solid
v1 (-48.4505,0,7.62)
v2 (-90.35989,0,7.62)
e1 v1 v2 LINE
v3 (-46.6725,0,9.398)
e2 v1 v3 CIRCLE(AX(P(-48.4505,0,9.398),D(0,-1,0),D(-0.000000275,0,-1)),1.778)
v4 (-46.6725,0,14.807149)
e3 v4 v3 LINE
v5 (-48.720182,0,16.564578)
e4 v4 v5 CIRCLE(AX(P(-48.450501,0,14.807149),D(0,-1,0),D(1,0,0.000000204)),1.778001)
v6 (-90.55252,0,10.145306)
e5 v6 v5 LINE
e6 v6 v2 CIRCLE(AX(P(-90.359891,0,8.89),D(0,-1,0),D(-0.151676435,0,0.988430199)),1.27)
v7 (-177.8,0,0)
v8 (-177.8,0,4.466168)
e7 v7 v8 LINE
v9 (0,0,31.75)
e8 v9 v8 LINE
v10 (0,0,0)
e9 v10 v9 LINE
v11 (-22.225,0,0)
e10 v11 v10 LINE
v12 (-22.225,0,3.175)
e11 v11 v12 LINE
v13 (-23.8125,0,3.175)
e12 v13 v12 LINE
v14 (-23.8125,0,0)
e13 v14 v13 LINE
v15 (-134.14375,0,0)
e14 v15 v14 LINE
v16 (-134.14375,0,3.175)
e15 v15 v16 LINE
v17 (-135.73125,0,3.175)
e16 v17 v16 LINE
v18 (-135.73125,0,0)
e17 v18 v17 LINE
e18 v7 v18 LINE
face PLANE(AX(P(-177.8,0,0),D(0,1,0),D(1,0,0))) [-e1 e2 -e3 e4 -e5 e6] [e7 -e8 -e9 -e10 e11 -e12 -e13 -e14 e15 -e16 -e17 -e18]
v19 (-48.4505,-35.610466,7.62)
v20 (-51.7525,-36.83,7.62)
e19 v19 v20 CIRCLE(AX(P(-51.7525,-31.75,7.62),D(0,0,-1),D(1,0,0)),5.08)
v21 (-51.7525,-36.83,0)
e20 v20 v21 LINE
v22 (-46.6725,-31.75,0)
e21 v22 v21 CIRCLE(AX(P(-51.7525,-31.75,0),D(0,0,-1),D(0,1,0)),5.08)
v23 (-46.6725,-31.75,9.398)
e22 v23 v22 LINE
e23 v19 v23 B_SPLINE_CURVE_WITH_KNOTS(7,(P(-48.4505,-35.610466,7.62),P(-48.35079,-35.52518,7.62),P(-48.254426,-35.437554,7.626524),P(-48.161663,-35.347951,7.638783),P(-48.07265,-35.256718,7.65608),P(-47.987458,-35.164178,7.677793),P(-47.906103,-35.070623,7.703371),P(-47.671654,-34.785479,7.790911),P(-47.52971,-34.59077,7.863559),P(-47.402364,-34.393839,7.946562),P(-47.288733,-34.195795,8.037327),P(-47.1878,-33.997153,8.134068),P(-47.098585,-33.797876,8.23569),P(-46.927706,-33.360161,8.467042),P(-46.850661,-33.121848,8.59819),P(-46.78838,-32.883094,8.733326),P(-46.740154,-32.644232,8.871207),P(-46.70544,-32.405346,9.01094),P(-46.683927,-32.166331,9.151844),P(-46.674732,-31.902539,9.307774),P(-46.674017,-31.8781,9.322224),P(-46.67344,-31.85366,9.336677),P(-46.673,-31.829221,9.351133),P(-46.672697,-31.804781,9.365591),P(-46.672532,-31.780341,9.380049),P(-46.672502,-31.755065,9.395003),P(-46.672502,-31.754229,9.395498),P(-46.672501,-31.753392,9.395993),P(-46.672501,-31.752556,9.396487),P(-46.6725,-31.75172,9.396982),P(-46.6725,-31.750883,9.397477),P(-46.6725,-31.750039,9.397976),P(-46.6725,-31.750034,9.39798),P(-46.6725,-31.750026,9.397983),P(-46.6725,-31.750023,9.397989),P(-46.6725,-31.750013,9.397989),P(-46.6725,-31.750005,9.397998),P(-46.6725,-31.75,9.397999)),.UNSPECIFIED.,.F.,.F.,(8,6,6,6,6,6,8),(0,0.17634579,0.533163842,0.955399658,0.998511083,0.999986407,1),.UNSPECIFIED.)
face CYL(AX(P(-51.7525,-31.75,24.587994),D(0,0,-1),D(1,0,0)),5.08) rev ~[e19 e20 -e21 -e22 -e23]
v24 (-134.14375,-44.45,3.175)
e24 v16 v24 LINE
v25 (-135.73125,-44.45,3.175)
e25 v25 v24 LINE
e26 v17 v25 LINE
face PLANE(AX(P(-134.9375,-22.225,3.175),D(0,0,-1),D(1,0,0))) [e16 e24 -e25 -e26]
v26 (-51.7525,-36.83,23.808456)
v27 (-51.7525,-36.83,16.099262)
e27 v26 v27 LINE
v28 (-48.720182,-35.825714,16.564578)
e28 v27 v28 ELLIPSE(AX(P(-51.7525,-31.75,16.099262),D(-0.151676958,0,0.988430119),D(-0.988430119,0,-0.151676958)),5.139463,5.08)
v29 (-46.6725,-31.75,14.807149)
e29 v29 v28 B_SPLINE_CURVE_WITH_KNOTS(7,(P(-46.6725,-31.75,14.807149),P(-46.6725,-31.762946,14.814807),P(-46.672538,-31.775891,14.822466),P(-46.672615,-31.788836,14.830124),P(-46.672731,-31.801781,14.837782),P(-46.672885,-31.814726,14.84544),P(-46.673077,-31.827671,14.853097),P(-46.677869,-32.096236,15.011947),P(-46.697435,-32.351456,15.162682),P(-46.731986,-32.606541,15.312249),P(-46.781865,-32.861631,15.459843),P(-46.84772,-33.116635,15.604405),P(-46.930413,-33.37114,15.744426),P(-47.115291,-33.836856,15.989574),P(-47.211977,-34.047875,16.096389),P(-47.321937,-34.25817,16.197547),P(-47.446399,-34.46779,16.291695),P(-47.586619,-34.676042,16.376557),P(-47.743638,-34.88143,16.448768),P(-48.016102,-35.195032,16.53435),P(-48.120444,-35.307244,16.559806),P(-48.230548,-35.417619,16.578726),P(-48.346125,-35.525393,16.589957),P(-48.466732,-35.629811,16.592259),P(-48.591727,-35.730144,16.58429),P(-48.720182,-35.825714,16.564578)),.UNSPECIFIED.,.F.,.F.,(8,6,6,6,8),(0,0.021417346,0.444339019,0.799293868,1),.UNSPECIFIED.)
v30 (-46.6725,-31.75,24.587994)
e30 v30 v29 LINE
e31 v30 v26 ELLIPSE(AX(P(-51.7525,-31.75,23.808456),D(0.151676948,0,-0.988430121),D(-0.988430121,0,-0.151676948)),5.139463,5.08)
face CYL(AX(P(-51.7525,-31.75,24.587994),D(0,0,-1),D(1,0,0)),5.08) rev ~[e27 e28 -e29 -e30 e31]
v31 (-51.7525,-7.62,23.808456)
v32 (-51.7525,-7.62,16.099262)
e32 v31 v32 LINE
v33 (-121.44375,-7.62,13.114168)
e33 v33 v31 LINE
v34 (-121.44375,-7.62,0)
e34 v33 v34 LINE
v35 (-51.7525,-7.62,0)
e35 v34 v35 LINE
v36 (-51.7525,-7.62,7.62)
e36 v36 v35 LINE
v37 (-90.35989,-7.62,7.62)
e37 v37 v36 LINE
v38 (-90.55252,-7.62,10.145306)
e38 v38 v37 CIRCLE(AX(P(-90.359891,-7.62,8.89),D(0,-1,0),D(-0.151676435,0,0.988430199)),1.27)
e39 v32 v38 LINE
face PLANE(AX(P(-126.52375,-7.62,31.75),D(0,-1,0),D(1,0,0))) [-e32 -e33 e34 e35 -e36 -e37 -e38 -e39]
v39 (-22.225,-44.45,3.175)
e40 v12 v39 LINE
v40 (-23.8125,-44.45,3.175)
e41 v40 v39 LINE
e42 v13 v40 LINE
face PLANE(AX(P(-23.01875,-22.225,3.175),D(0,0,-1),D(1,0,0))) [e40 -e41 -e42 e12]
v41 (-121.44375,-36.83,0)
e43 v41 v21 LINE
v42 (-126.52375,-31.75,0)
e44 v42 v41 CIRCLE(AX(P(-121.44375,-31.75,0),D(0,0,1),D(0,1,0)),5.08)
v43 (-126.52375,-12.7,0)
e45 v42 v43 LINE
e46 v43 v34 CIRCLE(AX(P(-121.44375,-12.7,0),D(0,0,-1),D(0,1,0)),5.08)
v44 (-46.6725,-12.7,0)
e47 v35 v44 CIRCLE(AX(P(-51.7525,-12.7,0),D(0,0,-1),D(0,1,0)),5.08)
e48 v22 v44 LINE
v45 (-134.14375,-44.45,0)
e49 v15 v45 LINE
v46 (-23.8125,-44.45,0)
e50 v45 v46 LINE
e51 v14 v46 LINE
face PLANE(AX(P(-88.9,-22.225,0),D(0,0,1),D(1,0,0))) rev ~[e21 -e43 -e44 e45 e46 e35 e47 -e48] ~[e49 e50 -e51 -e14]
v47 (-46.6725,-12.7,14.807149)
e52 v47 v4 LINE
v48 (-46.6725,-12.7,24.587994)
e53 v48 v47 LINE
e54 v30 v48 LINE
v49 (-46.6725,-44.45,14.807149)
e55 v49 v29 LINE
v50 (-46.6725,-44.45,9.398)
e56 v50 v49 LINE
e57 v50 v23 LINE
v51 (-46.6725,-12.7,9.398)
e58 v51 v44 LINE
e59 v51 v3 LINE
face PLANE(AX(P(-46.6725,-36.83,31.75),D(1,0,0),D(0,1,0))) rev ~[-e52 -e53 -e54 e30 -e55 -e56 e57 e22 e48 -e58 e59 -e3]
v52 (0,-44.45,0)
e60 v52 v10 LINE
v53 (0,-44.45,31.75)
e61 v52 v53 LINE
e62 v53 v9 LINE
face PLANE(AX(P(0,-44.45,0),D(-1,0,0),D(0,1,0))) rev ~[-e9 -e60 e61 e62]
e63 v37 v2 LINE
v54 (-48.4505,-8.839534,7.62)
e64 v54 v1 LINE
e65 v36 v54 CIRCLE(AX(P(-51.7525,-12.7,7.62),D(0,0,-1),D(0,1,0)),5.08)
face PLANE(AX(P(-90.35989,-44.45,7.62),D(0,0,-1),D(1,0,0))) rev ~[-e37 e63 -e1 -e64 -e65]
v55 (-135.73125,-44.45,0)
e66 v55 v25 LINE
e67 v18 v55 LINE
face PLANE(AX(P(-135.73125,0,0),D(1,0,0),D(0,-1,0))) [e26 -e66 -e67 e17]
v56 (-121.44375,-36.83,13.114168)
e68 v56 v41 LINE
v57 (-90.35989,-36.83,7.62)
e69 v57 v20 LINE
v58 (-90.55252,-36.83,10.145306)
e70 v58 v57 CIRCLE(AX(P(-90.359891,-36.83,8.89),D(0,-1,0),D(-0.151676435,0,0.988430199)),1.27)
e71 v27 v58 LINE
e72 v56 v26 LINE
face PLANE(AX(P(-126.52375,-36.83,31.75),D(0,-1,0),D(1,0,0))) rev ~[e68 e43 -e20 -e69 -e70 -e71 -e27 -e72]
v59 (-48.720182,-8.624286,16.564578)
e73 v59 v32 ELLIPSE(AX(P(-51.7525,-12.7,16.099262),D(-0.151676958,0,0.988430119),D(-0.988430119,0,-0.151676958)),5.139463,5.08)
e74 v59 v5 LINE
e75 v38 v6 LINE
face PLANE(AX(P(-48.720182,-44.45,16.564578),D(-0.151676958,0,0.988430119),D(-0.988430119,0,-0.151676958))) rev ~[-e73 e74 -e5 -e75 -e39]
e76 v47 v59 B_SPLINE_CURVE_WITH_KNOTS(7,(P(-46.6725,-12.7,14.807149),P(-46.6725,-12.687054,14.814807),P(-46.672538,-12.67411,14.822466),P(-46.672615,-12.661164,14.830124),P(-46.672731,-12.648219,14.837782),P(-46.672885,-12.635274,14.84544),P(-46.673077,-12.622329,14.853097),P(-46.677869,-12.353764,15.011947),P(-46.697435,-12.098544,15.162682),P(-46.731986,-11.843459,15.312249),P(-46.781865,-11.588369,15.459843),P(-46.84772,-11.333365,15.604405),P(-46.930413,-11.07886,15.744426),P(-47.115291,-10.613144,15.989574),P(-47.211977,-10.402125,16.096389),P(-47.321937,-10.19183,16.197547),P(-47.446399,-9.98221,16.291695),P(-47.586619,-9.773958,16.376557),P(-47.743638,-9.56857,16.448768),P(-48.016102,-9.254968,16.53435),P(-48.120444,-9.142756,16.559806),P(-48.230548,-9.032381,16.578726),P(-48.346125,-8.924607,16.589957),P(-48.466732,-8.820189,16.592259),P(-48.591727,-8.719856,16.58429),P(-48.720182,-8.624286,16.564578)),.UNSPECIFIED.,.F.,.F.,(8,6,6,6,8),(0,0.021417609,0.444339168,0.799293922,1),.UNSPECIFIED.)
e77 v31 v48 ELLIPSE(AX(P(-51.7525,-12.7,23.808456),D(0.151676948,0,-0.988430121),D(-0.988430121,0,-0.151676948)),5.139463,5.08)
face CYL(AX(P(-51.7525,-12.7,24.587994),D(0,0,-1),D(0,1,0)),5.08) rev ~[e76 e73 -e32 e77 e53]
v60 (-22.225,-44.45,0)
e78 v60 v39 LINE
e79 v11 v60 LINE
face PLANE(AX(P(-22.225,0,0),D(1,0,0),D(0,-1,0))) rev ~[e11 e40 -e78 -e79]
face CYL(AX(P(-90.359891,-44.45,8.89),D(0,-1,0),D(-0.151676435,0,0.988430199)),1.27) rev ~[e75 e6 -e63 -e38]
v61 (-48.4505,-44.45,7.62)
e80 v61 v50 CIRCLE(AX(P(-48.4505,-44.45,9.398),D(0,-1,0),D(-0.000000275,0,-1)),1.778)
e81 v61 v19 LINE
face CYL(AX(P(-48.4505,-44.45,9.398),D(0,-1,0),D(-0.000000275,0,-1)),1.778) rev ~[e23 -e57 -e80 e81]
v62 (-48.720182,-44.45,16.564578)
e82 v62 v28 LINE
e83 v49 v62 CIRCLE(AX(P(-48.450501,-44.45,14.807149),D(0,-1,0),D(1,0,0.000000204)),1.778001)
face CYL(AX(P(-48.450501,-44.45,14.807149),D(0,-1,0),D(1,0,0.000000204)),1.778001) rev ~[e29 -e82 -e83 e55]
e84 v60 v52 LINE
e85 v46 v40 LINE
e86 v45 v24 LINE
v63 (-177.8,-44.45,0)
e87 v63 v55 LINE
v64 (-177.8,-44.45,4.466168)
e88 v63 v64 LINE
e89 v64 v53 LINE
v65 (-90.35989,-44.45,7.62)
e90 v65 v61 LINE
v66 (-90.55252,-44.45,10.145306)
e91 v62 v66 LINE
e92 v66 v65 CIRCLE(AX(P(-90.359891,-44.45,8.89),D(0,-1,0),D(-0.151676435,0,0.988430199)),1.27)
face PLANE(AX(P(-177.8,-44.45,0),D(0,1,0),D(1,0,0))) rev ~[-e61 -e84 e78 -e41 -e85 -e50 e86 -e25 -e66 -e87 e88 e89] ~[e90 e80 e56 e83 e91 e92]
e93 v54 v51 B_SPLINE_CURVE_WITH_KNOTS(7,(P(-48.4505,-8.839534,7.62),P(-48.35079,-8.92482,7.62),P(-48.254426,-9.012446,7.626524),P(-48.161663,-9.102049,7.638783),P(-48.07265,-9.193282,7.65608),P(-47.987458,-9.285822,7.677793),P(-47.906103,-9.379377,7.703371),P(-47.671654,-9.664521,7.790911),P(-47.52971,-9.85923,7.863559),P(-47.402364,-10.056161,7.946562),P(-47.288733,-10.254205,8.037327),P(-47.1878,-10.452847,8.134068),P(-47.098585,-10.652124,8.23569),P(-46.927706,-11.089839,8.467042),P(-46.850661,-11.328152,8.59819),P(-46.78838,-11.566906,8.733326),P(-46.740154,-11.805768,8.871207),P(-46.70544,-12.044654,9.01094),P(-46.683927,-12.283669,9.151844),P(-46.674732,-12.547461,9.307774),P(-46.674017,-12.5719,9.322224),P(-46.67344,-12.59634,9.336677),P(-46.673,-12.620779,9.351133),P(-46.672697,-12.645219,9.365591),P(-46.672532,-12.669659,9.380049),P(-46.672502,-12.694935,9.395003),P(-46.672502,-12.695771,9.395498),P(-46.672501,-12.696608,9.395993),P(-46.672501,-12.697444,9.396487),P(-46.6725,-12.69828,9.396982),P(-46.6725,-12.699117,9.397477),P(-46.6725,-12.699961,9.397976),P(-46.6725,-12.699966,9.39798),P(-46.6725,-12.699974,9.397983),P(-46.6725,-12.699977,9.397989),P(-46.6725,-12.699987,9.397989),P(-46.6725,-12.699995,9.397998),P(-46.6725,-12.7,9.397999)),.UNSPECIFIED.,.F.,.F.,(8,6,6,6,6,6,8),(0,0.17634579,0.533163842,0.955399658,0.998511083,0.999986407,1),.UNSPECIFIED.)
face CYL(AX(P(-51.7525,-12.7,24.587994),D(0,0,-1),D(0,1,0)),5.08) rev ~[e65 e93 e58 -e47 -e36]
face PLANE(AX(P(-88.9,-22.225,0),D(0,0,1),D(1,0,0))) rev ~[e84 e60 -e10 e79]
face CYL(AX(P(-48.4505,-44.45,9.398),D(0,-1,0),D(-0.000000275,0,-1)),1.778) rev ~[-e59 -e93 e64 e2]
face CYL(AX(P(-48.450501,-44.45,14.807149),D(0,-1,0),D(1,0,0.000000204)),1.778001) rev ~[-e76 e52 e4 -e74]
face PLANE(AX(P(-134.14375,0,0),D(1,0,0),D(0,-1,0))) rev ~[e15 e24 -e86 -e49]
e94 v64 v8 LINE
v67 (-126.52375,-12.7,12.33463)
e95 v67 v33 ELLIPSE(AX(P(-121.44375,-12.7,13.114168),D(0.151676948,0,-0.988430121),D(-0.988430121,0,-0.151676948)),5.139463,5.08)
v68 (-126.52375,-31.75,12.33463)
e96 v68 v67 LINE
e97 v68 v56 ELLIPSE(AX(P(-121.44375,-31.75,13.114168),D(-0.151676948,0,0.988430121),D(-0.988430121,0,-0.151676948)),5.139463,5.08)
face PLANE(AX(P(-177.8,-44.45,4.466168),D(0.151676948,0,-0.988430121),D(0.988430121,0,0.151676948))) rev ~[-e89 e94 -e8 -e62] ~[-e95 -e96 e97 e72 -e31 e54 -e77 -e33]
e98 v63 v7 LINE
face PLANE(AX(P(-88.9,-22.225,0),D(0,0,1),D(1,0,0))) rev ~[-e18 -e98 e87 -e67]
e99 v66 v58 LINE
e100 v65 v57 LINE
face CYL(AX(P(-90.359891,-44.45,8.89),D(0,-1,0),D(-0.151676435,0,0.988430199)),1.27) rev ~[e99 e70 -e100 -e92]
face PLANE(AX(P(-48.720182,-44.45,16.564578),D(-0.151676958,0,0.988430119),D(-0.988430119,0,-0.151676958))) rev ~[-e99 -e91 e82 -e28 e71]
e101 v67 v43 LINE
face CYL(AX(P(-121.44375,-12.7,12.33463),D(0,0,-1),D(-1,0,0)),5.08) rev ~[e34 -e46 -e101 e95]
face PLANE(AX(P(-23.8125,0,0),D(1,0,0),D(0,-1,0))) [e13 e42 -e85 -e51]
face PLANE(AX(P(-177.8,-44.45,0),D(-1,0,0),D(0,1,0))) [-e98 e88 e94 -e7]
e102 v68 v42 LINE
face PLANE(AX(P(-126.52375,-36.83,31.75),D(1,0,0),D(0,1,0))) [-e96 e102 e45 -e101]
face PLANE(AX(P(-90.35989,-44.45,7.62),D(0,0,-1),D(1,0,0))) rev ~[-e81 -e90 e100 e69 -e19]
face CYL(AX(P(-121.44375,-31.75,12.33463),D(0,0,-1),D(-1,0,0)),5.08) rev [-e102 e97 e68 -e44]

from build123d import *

# Parameters (mm, degrees)
F0_W      = 177.8
F0_H      = 44.45
F1_DEPTH  = 31.75
F2_W      = 1.5875
F2_H      = 44.45
F3_DEPTH  = 3.175
F4_W      = 79.85125
F4_H      = 29.21
F5_DEPTH  = 31.751
F7_DEPTH  = 44.451
F8_R      = 5.08
F10_DEPTH = 44.451


with BuildPart() as f1:
    # F0 (on Top) → F1 (new body)
    with BuildSketch(Plane.XY):
        with Locations((-88.9, -22.225)):
            Rectangle(F0_W, F0_H)
    extrude(amount=F1_DEPTH)

    # F2 (on face) → F3 (cut)
    with BuildSketch(Plane(origin=(0, 0, 0), x_dir=(1, 0, 0), z_dir=(0, 0, -1))):
        with Locations((-23.01875, 22.225)):
            Rectangle(F2_W, F2_H)
        with Locations((-134.9375, 22.225)):
            Rectangle(F2_W, F2_H)
    extrude(amount=-F3_DEPTH, mode=Mode.SUBTRACT)

    # F4 (on face) → F5 (cut, through all)
    with BuildSketch(Plane.XY.offset(31.75)):
        with Locations((-86.598125, -22.225)):
            Rectangle(F4_W, F4_H)
    extrude(amount=-F5_DEPTH, mode=Mode.SUBTRACT)

    # F6 (on face) → F7 (cut, through all)
    with BuildSketch(Plane.XZ.offset(44.45)):
        Polygon((-177.8, 31.75), (-177.8, 4.466168), (0, 31.75), align=None)
    extrude(amount=-F7_DEPTH, mode=Mode.SUBTRACT)

    # F8
    f8_edges = [f1.edges().sort_by_distance(p)[0] for p in [
        (-126.52375, -7.62, 6.167315),
        (-46.6725, -7.62, 12.293997),
        (-126.52375, -36.83, 6.167315),
        (-46.6725, -36.83, 12.293997),
    ]]
    fillet(f8_edges, radius=F8_R)

    # F9 (on face) → F10 (cut, through all)
    with BuildSketch(Plane.XZ.offset(44.45)):
        with BuildLine():
            Line((-48.720182, 16.564578), (-90.55252, 10.145306))
            ThreePointArc((-90.55252, 10.145306), (-91.626212, 8.793405), (-90.35989, 7.62))
            Line((-90.35989, 7.62), (-48.4505, 7.62))
            ThreePointArc((-48.4505, 7.62), (-47.193264, 8.140764), (-46.6725, 9.398))
            Line((-46.6725, 9.398), (-46.6725, 14.807149))
            ThreePointArc((-46.6725, 14.807149), (-47.29253, 16.156367), (-48.720182, 16.564578))
        make_face()
    extrude(amount=-F10_DEPTH, mode=Mode.SUBTRACT)


solid = f1.part
